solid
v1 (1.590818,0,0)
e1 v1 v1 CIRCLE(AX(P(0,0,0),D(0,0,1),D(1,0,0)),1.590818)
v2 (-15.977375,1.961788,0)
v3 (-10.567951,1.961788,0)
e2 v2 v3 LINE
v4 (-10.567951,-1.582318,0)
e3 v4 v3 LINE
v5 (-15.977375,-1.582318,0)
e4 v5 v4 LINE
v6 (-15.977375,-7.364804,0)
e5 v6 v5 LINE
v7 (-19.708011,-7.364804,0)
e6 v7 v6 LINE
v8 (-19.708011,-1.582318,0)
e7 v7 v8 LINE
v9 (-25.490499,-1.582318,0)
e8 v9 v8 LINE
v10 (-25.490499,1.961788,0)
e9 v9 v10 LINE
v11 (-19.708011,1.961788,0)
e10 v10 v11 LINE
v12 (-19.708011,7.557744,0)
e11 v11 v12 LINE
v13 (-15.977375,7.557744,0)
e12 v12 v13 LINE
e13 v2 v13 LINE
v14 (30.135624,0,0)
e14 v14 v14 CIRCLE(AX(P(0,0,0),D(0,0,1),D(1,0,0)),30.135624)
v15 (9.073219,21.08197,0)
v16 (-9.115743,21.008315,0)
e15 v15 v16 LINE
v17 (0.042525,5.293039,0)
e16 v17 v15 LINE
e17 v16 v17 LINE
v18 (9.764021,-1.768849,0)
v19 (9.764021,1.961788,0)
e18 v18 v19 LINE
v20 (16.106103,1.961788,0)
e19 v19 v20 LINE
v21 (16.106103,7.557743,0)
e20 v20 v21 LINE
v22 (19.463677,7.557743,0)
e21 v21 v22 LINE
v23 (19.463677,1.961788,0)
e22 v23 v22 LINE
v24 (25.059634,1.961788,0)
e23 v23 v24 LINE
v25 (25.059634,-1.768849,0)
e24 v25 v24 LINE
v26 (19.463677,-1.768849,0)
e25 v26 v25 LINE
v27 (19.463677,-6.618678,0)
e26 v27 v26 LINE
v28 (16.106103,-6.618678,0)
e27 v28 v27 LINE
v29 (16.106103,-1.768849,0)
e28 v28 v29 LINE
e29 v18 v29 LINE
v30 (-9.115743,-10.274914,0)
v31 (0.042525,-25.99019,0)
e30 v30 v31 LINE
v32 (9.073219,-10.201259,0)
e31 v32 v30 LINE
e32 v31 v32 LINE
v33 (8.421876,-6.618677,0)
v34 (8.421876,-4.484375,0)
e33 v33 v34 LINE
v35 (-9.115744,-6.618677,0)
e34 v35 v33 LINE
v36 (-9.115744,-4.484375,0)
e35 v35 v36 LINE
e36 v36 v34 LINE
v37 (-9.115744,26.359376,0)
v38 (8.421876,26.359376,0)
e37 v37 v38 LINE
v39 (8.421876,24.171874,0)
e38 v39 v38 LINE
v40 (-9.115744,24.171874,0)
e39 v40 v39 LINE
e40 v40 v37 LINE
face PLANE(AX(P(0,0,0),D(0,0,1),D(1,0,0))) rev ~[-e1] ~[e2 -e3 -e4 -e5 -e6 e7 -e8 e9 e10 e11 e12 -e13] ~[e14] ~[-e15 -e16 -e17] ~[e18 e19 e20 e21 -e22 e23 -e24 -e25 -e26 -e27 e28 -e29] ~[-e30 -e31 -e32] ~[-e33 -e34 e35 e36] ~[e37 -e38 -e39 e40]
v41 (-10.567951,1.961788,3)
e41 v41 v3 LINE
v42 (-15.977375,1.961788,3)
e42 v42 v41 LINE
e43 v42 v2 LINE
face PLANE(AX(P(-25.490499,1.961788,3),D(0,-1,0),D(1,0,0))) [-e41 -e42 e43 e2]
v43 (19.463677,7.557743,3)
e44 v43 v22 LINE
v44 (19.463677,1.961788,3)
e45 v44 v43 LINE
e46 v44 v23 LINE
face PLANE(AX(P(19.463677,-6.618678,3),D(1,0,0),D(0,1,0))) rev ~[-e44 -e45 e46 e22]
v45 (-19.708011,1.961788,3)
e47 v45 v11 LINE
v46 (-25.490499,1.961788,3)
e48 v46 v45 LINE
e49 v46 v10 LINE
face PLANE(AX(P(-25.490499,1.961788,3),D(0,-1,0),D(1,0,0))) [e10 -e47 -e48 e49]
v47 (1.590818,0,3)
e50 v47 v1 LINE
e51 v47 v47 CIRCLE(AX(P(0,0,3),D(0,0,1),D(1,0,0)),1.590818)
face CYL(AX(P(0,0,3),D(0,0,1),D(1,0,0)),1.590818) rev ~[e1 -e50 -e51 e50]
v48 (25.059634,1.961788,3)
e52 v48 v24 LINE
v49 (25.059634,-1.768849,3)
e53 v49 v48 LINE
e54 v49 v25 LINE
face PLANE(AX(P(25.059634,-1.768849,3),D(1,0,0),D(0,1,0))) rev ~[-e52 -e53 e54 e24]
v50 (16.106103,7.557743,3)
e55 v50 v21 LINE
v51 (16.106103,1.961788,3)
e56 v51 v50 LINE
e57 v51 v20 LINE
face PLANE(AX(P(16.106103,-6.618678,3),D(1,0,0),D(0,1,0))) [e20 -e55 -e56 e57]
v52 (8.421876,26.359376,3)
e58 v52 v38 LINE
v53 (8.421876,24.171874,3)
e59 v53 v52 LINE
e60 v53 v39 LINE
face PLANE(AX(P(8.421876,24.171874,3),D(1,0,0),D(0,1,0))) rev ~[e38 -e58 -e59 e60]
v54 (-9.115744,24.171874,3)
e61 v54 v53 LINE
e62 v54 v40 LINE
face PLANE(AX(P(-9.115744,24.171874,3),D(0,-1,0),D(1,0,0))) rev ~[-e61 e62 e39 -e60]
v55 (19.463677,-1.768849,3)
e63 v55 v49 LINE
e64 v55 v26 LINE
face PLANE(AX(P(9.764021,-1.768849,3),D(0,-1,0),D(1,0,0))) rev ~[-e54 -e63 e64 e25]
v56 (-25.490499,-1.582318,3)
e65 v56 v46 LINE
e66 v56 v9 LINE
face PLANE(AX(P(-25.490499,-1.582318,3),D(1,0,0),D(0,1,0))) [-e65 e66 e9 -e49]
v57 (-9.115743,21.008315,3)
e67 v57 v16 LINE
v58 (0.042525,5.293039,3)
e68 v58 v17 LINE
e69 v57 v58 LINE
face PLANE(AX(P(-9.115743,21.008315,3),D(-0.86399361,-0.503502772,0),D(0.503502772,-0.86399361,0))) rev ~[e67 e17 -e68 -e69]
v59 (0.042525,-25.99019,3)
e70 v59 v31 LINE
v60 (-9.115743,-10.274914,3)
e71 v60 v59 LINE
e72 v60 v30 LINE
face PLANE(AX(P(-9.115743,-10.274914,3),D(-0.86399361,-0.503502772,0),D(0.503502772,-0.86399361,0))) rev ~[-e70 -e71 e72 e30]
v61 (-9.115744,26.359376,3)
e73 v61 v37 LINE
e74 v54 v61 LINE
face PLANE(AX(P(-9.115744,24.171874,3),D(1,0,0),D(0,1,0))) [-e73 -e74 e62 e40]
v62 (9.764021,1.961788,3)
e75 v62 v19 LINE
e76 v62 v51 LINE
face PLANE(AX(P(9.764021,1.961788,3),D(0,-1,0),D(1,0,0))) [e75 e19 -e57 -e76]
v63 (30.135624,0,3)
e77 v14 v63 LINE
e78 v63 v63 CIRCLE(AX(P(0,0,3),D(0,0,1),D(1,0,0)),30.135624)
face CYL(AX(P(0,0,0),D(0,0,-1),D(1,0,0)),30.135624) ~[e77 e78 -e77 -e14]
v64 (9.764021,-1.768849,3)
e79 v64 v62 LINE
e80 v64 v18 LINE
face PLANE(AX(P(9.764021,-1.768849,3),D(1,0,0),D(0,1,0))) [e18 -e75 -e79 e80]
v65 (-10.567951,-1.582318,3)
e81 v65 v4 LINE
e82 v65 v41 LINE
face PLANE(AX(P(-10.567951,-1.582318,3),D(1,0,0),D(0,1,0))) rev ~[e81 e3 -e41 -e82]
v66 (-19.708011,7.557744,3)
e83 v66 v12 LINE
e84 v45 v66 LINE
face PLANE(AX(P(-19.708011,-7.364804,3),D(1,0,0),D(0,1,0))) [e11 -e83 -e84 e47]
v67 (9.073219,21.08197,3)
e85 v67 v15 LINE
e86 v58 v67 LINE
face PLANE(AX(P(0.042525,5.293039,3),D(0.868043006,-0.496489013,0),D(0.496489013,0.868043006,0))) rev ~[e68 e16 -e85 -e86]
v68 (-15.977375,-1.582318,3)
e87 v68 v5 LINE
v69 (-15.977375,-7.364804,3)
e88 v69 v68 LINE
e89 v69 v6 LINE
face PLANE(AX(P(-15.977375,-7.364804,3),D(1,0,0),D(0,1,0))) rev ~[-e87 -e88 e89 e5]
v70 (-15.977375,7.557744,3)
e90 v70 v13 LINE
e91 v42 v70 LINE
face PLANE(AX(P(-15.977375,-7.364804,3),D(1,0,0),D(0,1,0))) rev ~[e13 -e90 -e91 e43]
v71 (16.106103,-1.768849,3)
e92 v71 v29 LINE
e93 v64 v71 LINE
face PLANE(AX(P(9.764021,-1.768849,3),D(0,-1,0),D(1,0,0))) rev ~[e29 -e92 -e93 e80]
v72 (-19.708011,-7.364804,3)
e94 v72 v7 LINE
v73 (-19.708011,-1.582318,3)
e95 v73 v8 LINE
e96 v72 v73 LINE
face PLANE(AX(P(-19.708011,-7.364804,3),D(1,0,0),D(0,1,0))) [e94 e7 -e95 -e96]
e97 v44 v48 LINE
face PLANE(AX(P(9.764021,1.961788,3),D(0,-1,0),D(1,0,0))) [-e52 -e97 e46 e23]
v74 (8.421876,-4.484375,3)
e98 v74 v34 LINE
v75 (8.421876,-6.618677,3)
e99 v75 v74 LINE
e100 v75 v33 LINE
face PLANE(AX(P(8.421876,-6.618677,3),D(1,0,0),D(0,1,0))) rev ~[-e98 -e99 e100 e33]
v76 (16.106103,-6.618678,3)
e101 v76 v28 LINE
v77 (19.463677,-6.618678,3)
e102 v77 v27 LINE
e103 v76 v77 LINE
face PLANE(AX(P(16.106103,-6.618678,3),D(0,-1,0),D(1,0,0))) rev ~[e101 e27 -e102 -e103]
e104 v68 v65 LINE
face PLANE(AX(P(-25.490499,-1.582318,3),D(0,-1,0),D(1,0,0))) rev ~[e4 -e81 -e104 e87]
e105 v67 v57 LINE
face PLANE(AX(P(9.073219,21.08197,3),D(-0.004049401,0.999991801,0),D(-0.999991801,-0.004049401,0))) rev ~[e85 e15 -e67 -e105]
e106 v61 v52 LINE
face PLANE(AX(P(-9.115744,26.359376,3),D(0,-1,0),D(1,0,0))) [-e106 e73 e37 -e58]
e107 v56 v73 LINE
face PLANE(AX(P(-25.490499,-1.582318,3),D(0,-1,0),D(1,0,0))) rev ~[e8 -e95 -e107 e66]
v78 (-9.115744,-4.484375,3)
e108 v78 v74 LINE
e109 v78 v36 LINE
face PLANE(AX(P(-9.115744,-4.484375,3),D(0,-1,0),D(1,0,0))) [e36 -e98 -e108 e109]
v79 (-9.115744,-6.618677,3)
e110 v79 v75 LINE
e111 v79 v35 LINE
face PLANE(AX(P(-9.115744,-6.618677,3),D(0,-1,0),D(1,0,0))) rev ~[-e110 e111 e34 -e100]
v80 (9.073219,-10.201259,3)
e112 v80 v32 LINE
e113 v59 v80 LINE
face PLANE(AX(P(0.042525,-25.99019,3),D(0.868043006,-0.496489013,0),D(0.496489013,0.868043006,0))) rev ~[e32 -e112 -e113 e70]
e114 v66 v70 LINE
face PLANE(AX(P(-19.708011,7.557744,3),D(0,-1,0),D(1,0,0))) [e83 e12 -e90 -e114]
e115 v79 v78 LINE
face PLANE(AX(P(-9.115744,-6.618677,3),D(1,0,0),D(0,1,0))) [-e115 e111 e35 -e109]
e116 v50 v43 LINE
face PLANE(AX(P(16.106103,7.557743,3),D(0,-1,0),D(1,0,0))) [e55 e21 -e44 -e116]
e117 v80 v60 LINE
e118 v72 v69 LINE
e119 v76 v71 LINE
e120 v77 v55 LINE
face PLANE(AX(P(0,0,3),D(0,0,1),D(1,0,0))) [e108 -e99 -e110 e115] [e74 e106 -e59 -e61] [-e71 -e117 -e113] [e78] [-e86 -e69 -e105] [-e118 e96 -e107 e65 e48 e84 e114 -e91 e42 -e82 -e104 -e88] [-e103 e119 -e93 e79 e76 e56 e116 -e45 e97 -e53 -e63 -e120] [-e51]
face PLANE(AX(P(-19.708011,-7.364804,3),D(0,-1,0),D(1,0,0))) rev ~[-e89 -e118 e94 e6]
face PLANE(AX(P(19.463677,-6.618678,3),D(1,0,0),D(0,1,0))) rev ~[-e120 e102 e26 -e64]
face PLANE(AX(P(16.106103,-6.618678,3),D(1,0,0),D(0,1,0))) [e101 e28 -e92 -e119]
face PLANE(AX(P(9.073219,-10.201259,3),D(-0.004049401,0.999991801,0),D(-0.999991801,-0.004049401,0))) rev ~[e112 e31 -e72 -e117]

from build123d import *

# Parameters (mm, degrees)
F0_R      = 30.135624
F1_DEPTH  = 3
F2_R      = 1.590818
F3_DEPTH  = 25
F5_DEPTH  = 25
F6_W      = 3.730636
F6_H      = 14.922548
F7_DEPTH  = 25
F8_W      = 14.922549
F8_H      = 3.544105
F9_DEPTH  = 25
F10_W     = 3.357574
F10_H     = 14.176421
F11_DEPTH = 25
F12_W     = 15.295613
F12_H     = 3.730637
F13_DEPTH = 25
F14_W     = 17.537619
F14_H     = 2.187502
F14_H_2   = 2.134302
F15_DEPTH = 25


with BuildPart() as f1:
    # F0 (on Top) → F1 (new body)
    with BuildSketch(Plane.XY):
        Circle(F0_R)
    extrude(amount=F1_DEPTH)

    # F2 (on face) → F3 (cut)
    with BuildSketch(Plane.XY.offset(3)):
        Circle(F2_R)
    extrude(amount=-F3_DEPTH, mode=Mode.SUBTRACT)

    # F4 (on face) → F5 (cut)
    with BuildSketch(Plane.XY.offset(3)):
        Polygon((0.042525, 5.293039), (9.073219, 21.08197), (-9.115743, 21.008315), align=None)
        Polygon((0.042525, -25.99019), (9.073219, -10.201259), (-9.115743, -10.274914), align=None)
    extrude(amount=-F5_DEPTH, mode=Mode.SUBTRACT)

    # F6 (on face) → F7 (cut)
    with BuildSketch(Plane.XY.offset(3)):
        with Locations((-17.842693, 0.09647)):
            Rectangle(F6_W, F6_H)
    extrude(amount=-F7_DEPTH, mode=Mode.SUBTRACT)

    # F8 (on face) → F9 (cut)
    with BuildSketch(Plane.XY.offset(3)):
        with Locations((-18.029225, 0.189735)):
            Rectangle(F8_W, F8_H)
    extrude(amount=-F9_DEPTH, mode=Mode.SUBTRACT)

    # F10 (on face) → F11 (cut)
    with BuildSketch(Plane.XY.offset(3)):
        with Locations((17.78489, 0.469533)):
            Rectangle(F10_W, F10_H)
    extrude(amount=-F11_DEPTH, mode=Mode.SUBTRACT)

    # F12 (on face) → F13 (cut)
    with BuildSketch(Plane.XY.offset(3)):
        with Locations((17.411827, 0.096469)):
            Rectangle(F12_W, F12_H)
    extrude(amount=-F13_DEPTH, mode=Mode.SUBTRACT)

    # F14 (on face) → F15 (cut)
    with BuildSketch(Plane.XY.offset(3)):
        with Locations((-0.346934, 25.265625)):
            Rectangle(F14_W, F14_H)
        with Locations((-0.346934, -5.551526)):
            Rectangle(F14_W, F14_H_2)
    extrude(amount=-F15_DEPTH, mode=Mode.SUBTRACT)


solid = f1.part
